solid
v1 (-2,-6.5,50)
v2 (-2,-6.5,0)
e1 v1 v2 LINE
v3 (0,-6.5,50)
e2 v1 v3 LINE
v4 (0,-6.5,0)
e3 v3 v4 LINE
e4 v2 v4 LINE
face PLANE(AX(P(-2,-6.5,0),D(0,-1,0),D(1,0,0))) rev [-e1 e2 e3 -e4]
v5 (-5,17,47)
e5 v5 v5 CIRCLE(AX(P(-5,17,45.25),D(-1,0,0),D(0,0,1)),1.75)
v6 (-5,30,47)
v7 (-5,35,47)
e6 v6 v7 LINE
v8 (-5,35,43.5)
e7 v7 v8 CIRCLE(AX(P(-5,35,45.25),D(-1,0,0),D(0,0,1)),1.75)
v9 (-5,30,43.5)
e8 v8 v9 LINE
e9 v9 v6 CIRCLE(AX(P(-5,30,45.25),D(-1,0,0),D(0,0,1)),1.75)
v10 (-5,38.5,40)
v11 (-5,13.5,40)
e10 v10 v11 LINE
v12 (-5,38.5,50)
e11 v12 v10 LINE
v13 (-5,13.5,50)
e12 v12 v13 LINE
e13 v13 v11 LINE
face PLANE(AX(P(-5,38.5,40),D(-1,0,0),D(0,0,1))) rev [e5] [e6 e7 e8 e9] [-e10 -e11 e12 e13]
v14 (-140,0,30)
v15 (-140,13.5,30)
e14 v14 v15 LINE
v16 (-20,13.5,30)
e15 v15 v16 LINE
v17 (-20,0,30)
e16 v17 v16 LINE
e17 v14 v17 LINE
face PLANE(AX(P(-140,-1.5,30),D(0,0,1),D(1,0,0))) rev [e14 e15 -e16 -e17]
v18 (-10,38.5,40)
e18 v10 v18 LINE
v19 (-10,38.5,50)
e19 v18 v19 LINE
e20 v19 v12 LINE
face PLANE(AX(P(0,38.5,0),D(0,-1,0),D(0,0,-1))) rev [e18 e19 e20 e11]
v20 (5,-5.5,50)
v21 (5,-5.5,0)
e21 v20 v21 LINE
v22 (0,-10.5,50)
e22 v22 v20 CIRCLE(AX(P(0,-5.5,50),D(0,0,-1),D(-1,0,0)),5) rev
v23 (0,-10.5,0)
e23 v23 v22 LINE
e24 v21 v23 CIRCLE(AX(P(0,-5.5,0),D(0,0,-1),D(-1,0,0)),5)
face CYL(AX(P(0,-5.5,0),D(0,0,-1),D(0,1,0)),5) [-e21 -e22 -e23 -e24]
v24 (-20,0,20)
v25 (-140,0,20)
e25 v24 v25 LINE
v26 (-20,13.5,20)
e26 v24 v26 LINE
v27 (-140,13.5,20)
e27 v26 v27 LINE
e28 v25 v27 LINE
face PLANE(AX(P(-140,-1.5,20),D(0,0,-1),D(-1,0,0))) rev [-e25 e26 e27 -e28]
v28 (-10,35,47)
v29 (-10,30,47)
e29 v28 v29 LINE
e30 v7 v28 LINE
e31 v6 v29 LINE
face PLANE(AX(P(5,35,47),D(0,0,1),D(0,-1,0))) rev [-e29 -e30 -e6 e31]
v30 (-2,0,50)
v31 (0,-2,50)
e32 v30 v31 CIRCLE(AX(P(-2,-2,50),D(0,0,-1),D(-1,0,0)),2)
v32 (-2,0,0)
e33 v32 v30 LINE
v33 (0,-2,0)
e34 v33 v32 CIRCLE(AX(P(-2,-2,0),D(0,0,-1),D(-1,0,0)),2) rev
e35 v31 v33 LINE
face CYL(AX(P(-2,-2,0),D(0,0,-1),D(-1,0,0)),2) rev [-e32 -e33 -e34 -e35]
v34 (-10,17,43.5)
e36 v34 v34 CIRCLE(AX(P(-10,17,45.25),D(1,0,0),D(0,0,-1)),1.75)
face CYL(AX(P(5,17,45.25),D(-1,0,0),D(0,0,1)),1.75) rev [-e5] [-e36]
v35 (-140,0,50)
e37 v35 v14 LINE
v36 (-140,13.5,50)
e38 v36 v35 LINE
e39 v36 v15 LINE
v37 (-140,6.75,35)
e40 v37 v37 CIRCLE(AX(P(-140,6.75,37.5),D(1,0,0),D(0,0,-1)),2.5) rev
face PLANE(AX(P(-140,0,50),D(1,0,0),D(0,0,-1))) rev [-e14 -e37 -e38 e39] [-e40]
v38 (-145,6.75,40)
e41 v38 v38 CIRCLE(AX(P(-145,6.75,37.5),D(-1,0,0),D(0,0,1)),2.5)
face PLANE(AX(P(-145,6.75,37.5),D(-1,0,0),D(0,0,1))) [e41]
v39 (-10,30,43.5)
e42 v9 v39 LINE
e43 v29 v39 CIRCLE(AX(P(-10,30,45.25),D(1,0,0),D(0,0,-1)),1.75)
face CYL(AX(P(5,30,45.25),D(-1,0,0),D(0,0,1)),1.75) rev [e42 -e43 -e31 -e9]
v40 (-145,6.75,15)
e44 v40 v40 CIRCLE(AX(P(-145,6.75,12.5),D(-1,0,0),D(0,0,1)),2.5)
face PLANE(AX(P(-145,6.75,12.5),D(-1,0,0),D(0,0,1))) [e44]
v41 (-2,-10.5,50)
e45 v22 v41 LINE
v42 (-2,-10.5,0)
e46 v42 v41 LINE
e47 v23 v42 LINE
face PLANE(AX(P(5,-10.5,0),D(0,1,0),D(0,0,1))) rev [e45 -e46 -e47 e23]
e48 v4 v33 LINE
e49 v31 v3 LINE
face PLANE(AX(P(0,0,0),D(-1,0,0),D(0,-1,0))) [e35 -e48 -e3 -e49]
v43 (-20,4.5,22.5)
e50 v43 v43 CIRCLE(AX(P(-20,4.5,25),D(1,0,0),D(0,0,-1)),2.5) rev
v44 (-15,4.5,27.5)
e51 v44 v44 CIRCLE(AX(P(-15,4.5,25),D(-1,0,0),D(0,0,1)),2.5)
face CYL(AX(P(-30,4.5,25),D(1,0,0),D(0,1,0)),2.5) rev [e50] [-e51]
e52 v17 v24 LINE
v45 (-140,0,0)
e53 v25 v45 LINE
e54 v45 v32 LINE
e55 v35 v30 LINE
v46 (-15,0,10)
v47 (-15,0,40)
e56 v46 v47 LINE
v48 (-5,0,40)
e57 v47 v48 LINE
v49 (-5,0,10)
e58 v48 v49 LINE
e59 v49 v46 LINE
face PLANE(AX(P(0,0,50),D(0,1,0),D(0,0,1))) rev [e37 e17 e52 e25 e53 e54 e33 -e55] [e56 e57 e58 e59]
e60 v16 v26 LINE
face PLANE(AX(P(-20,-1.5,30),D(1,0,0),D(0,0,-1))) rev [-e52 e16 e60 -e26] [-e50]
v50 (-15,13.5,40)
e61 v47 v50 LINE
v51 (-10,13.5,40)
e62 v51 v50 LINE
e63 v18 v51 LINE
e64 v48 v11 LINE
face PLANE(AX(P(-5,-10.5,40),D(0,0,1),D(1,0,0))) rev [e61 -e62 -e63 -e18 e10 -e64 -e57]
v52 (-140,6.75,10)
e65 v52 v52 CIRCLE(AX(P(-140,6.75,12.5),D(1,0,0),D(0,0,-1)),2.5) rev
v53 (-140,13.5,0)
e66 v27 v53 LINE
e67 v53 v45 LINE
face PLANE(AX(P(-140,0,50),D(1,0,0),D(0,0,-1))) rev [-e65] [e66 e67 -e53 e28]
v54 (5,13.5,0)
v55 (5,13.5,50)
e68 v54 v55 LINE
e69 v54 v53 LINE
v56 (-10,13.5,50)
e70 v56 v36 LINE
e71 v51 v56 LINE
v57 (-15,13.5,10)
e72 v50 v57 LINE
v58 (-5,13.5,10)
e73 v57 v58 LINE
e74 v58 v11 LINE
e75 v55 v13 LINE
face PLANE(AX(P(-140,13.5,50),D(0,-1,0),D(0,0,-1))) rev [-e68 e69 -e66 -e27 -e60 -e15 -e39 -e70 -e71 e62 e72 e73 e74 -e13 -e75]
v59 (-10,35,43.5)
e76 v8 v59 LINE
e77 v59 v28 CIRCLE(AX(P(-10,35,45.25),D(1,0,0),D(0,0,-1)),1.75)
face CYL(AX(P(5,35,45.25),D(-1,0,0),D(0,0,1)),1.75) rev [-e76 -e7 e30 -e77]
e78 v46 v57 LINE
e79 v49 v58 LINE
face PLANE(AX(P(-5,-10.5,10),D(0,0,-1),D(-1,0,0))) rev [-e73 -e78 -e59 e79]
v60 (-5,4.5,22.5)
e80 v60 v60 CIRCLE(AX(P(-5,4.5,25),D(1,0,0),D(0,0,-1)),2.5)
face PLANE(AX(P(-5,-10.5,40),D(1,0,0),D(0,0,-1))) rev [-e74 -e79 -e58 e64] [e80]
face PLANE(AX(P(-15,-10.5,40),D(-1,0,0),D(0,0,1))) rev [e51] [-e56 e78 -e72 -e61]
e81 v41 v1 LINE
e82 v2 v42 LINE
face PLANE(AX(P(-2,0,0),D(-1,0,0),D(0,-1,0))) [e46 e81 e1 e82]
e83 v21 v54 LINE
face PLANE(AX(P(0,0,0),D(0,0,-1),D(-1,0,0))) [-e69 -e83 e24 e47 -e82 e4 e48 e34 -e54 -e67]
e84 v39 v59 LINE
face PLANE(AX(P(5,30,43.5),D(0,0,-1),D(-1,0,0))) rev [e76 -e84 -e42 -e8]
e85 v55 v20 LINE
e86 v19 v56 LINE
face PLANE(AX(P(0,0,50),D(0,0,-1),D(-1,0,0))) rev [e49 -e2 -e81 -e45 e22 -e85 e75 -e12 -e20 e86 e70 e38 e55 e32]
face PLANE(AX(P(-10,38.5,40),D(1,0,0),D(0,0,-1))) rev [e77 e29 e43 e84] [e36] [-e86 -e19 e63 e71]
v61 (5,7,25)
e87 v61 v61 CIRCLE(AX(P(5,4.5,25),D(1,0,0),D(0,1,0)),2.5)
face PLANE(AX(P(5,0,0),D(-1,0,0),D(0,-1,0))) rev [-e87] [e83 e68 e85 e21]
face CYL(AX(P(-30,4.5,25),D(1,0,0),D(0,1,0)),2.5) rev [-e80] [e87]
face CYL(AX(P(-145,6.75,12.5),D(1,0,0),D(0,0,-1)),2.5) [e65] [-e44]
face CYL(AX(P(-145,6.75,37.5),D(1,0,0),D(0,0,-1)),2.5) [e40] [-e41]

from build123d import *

# Parameters (mm, degrees)
SKETCH1_W               = 140
SKETCH1_H               = 13.5
BOSS_EXTRUDE1_DEPTH     = 50
SKETCH2_R               = 2.5
BOSS_EXTRUDE2_DEPTH     = 5
SKETCH6_W               = 50
SKETCH6_H               = 24
BOSS_EXTRUDE4_DEPTH     = 5
CUT_EXTRUDE1_DEPTH      = 156.244967712
CUT_EXTRUDE1_DEPTH_BACK = 156.244967712
SKETCH4_W               = 10
SKETCH4_H               = 30
SKETCH7_R               = 2.5
CUT_EXTRUDE3_DEPTH      = 35
SKETCH8_W               = 50
SKETCH8_H               = 4
BOSS_EXTRUDE5_DEPTH     = 2
SKETCH9_W               = 120
SKETCH9_H               = 10
CUT_EXTRUDE4_DEPTH      = 15
SKETCH10_W              = 5
SKETCH10_H              = 10
BOSS_EXTRUDE6_DEPTH     = 25
CUT_EXTRUDE5_DEPTH      = 150.020971678
CUT_EXTRUDE5_DEPTH_BACK = 150.020971678
SKETCH13_R              = 1.75
FILLET1_R               = 2
FILLET2_R               = 5


with BuildPart() as part:
    # Sketch1 → Boss-Extrude1 (new body)
    with BuildSketch(Plane.XY):
        with Locations((-70, 6.75)):
            Rectangle(SKETCH1_W, SKETCH1_H)
    extrude(amount=BOSS_EXTRUDE1_DEPTH)

    # Sketch2 → Boss-Extrude2 (add)
    with BuildSketch(Plane.ZY.offset(140)):
        with Locations(Location((12.5, 6.75, 0), (0, 0, 180))):
            Circle(SKETCH2_R)
        with Locations(Location((37.5, 6.75, 0), (0, 0, 180))):
            Circle(SKETCH2_R)
    extrude(amount=BOSS_EXTRUDE2_DEPTH)

    # Sketch6 → Boss-Extrude4 (add)
    with BuildSketch(Plane(origin=(0, 0, 0), x_dir=(0, 0, -1), z_dir=(1, 0, 0))):
        with Locations((-25, 1.5)):
            Rectangle(SKETCH6_W, SKETCH6_H)
    extrude(amount=BOSS_EXTRUDE4_DEPTH)

    # Sketch4 → Cut-Extrude1 (cut, two sides: drawn at the far end of the back side and taken through both)
    with BuildSketch(Plane(origin=(0, 13.5, 0), x_dir=(1, 0, 0), z_dir=(0, 1, 0)).offset(-CUT_EXTRUDE1_DEPTH_BACK)):
        with Locations((-10, -25)):
            Rectangle(SKETCH4_W, SKETCH4_H)
    extrude(amount=CUT_EXTRUDE1_DEPTH + CUT_EXTRUDE1_DEPTH_BACK, mode=Mode.SUBTRACT)

    # Sketch7 → Cut-Extrude3 (cut)
    with BuildSketch(Plane(origin=(5, 0, 0), x_dir=(0, 0, -1), z_dir=(1, 0, 0))):
        with Locations(Location((-25, 4.5, 0), (0, 0, 90))):
            Circle(SKETCH7_R)
    extrude(amount=-CUT_EXTRUDE3_DEPTH, mode=Mode.SUBTRACT)

    # Sketch8 → Boss-Extrude5 (add)
    with BuildSketch(Plane.ZY):
        with Locations((25, -8.5)):
            Rectangle(SKETCH8_W, SKETCH8_H)
    extrude(amount=BOSS_EXTRUDE5_DEPTH)

    # Sketch9 → Cut-Extrude4 (cut)
    with BuildSketch(Plane(origin=(0, 13.5, 0), x_dir=(1, 0, 0), z_dir=(0, 1, 0))):
        with Locations((-80, -25)):
            Rectangle(SKETCH9_W, SKETCH9_H)
    extrude(amount=-CUT_EXTRUDE4_DEPTH, mode=Mode.SUBTRACT)

    # Sketch10 → Boss-Extrude6 (add)
    with BuildSketch(Plane(origin=(0, 13.5, 0), x_dir=(1, 0, 0), z_dir=(0, 1, 0))):
        with Locations((-7.5, -45)):
            Rectangle(SKETCH10_W, SKETCH10_H)
    extrude(amount=BOSS_EXTRUDE6_DEPTH)

    # Sketch13 → Cut-Extrude5 (cut, two sides: drawn at the far end of the back side and taken through both)
    with BuildSketch(Plane.ZY.offset(10).offset(-CUT_EXTRUDE5_DEPTH_BACK)):
        with Locations((45.25, 17)):
            Circle(SKETCH13_R)
        with BuildLine():
            Line((43.5, 30), (43.5, 35))
            ThreePointArc((43.5, 35), (45.25, 36.75), (47, 35))
            Line((47, 35), (47, 30))
            ThreePointArc((47, 30), (45.25, 28.25), (43.5, 30))
        make_face()
    extrude(amount=CUT_EXTRUDE5_DEPTH + CUT_EXTRUDE5_DEPTH_BACK, mode=Mode.SUBTRACT)

    # Fillet1
    fillet1_edges = [part.edges().sort_by_distance(p)[0] for p in [
        (0, 0, 25),
    ]]
    fillet(fillet1_edges, radius=FILLET1_R)

    # Fillet2
    fillet2_edges = [part.edges().sort_by_distance(p)[0] for p in [
        (5, -10.5, 25),
    ]]
    fillet(fillet2_edges, radius=FILLET2_R)


solid = part.part
